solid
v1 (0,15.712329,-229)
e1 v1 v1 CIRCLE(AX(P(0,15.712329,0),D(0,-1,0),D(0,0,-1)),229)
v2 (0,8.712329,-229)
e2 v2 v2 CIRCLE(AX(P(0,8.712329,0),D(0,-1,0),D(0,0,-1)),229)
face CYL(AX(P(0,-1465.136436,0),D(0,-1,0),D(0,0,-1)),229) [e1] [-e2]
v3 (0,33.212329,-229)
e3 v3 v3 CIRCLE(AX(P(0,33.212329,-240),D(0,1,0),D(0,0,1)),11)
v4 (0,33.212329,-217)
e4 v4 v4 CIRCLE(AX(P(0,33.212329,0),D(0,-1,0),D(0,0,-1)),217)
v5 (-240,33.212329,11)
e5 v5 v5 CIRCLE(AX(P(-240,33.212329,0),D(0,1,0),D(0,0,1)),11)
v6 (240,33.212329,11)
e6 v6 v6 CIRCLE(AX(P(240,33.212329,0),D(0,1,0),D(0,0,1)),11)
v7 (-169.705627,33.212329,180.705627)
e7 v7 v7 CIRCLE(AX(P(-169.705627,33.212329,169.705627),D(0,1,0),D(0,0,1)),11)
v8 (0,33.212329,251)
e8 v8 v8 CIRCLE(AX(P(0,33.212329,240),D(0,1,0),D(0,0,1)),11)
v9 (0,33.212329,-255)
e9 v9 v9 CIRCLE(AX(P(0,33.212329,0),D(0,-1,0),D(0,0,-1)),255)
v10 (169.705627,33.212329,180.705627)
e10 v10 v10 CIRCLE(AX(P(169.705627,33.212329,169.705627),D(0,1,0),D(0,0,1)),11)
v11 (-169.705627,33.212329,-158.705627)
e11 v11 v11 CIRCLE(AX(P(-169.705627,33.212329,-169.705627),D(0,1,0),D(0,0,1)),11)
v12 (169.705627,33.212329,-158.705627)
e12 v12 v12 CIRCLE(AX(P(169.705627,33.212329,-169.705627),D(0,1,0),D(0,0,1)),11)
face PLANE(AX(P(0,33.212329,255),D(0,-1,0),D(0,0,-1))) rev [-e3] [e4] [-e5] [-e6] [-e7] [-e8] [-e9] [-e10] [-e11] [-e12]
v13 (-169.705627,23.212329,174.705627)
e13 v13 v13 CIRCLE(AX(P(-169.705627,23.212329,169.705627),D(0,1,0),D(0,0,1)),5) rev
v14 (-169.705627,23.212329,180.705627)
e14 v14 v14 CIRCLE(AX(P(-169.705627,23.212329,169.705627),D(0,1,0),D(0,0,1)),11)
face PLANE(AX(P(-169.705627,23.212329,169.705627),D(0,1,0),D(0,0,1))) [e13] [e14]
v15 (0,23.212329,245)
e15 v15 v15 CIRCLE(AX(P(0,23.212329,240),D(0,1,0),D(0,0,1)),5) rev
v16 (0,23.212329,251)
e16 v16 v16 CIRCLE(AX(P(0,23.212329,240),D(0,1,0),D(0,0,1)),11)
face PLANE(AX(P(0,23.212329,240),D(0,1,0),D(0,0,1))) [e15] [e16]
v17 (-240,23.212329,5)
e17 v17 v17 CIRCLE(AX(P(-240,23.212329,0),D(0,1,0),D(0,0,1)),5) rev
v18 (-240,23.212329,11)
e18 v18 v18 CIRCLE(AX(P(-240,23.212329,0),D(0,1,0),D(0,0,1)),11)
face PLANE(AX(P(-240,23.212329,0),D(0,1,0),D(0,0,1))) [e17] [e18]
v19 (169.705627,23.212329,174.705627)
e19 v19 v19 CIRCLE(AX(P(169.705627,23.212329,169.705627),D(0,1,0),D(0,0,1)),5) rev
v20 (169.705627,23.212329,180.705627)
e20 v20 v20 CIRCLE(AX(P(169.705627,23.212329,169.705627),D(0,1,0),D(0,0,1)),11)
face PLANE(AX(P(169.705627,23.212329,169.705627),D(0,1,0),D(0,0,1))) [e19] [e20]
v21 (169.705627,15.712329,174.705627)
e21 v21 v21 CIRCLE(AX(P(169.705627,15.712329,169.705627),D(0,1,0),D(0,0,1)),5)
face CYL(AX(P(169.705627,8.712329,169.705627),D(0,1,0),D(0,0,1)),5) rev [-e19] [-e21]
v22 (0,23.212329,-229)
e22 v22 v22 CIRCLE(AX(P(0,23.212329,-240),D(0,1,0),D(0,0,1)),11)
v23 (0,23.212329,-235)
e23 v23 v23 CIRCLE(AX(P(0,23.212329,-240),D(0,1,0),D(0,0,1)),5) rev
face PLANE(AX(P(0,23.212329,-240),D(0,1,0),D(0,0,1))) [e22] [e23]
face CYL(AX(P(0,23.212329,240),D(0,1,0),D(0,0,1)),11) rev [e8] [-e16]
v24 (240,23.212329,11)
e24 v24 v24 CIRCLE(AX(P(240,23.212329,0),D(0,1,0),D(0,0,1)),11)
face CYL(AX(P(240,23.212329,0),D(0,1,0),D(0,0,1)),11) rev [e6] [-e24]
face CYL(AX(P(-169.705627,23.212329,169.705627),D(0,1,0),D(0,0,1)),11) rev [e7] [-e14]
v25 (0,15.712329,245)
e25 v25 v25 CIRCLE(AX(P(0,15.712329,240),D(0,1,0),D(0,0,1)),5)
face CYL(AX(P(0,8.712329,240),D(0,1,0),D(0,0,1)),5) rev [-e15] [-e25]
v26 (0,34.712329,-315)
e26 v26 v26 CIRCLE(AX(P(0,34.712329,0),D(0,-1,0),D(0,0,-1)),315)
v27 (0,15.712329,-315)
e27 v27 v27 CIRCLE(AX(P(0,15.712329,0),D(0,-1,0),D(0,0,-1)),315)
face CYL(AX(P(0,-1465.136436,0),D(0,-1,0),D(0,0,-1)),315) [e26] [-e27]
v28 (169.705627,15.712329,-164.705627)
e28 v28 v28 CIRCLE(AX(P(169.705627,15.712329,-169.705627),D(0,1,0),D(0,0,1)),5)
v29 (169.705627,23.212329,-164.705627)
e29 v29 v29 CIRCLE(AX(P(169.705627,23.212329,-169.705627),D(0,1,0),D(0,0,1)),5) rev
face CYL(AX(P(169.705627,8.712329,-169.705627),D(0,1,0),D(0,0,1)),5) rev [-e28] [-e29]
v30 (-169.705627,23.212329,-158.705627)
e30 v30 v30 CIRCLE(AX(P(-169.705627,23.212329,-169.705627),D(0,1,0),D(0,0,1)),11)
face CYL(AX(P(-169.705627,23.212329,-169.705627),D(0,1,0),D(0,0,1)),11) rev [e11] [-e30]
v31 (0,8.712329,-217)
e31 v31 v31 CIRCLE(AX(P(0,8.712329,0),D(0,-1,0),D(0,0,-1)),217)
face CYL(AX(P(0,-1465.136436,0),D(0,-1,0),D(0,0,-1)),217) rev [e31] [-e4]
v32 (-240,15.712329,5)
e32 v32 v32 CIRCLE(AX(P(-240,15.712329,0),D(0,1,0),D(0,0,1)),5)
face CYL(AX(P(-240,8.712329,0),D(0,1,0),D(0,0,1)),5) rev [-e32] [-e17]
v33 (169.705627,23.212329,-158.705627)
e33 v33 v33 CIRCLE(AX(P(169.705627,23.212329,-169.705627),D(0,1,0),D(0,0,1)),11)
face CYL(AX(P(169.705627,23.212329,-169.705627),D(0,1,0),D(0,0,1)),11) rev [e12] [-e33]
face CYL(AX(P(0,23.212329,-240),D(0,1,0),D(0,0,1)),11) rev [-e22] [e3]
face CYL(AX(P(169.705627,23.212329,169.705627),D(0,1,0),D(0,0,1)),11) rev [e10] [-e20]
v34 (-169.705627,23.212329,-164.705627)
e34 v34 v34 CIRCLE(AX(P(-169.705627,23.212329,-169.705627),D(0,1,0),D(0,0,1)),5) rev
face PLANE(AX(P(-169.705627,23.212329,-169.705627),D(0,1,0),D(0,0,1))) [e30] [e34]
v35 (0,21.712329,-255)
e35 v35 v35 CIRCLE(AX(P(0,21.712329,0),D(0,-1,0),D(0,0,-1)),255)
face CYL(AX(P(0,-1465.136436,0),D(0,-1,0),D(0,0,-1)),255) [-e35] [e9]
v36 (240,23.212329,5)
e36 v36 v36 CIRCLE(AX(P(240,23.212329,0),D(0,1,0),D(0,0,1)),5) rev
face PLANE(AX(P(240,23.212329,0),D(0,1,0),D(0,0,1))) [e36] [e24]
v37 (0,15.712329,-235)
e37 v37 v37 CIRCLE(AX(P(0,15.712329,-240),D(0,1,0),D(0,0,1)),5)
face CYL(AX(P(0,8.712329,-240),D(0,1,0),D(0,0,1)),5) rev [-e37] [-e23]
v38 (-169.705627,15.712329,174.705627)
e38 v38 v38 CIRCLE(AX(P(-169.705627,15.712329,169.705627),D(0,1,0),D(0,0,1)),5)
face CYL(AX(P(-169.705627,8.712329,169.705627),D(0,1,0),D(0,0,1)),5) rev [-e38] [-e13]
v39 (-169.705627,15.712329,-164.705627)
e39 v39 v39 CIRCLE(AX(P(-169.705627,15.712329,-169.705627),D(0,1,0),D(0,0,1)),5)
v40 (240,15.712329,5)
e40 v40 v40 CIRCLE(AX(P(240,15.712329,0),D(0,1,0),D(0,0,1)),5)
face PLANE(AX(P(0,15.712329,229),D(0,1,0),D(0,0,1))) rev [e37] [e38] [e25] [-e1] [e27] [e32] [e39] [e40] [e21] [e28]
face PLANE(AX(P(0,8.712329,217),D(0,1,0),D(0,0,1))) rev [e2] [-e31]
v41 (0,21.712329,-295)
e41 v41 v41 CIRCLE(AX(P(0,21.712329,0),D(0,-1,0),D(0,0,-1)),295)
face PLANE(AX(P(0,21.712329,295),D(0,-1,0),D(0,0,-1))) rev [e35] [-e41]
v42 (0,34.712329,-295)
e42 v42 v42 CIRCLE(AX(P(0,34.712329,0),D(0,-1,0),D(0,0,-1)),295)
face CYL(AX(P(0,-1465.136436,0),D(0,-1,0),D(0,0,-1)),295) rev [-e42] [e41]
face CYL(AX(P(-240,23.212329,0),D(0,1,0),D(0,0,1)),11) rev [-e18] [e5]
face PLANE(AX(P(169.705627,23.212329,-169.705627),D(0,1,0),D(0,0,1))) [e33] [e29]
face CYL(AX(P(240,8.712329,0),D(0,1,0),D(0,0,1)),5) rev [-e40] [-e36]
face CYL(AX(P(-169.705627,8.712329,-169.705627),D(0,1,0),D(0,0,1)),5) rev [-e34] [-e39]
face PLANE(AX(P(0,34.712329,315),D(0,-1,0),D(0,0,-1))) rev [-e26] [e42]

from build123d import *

# Parameters (mm, degrees)
SKETCH4_R          = 5
CUT_EXTRUDE1_DEPTH = 447.150479099
SKETCH5_R          = 11
CUT_EXTRUDE2_DEPTH = 10


with BuildPart() as part:
    # Sketch3 → Revolve1 (revolve)
    with BuildSketch(Plane(origin=(0, 0, 0), x_dir=(0, 0, -1), z_dir=(1, 0, 0)), mode=Mode.PRIVATE) as revolve1_sk:
        Polygon((-315, 34.712328767), (-295, 34.712328767), (-295, 21.712328767), (-255, 21.712328767), (-255, 33.212328767), (-217, 33.212328767), (-217, 8.712328767), (-229, 8.712328767), (-229, 15.712328767), (-315, 15.712328767), align=None)
    revolve(revolve1_sk.sketch.rotate(Axis((0, -1465.136435986, 0), (0, 1, 0)), 180), axis=Axis((0, -1465.136435986, 0), (0, 1, 0)))

    # Sketch4 → Cut-Extrude1 (cut, through all)
    with BuildSketch(Plane(origin=(0, 33.212328767, 0), x_dir=(1, 0, 0), z_dir=(0, 1, 0))):
        with Locations(Location((0, 240, 0), (0, 0, 270))):
            Circle(SKETCH4_R)
        with Locations(Location((169.705627485, 169.705627485, 0), (0, 0, 270))):
            Circle(SKETCH4_R)
        with Locations(Location((240, 0, 0), (0, 0, 270))):
            Circle(SKETCH4_R)
        with Locations(Location((169.705627485, -169.705627485, 0), (0, 0, 270))):
            Circle(SKETCH4_R)
        with Locations(Location((0, -240, 0), (0, 0, 270))):
            Circle(SKETCH4_R)
        with Locations(Location((-169.705627485, -169.705627485, 0), (0, 0, 270))):
            Circle(SKETCH4_R)
        with Locations(Location((-240, 0, 0), (0, 0, 270))):
            Circle(SKETCH4_R)
        with Locations(Location((-169.705627485, 169.705627485, 0), (0, 0, 270))):
            Circle(SKETCH4_R)
    extrude(amount=-CUT_EXTRUDE1_DEPTH, mode=Mode.SUBTRACT)

    # Sketch5 → Cut-Extrude2 (cut)
    with BuildSketch(Plane(origin=(0, 33.212328767, 0), x_dir=(1, 0, 0), z_dir=(0, 1, 0))):
        with Locations(Location((0, 240, 0), (0, 0, 270))):
            Circle(SKETCH5_R)
        with Locations(Location((169.705627485, 169.705627485, 0), (0, 0, 270))):
            Circle(SKETCH5_R)
        with Locations(Location((240, 0, 0), (0, 0, 270))):
            Circle(SKETCH5_R)
        with Locations(Location((169.705627485, -169.705627485, 0), (0, 0, 270))):
            Circle(SKETCH5_R)
        with Locations(Location((0, -240, 0), (0, 0, 270))):
            Circle(SKETCH5_R)
        with Locations(Location((-169.705627485, -169.705627485, 0), (0, 0, 270))):
            Circle(SKETCH5_R)
        with Locations(Location((-240, 0, 0), (0, 0, 270))):
            Circle(SKETCH5_R)
        with Locations(Location((-169.705627485, 169.705627485, 0), (0, 0, 270))):
            Circle(SKETCH5_R)
    extrude(amount=-CUT_EXTRUDE2_DEPTH, mode=Mode.SUBTRACT)


solid = part.part
